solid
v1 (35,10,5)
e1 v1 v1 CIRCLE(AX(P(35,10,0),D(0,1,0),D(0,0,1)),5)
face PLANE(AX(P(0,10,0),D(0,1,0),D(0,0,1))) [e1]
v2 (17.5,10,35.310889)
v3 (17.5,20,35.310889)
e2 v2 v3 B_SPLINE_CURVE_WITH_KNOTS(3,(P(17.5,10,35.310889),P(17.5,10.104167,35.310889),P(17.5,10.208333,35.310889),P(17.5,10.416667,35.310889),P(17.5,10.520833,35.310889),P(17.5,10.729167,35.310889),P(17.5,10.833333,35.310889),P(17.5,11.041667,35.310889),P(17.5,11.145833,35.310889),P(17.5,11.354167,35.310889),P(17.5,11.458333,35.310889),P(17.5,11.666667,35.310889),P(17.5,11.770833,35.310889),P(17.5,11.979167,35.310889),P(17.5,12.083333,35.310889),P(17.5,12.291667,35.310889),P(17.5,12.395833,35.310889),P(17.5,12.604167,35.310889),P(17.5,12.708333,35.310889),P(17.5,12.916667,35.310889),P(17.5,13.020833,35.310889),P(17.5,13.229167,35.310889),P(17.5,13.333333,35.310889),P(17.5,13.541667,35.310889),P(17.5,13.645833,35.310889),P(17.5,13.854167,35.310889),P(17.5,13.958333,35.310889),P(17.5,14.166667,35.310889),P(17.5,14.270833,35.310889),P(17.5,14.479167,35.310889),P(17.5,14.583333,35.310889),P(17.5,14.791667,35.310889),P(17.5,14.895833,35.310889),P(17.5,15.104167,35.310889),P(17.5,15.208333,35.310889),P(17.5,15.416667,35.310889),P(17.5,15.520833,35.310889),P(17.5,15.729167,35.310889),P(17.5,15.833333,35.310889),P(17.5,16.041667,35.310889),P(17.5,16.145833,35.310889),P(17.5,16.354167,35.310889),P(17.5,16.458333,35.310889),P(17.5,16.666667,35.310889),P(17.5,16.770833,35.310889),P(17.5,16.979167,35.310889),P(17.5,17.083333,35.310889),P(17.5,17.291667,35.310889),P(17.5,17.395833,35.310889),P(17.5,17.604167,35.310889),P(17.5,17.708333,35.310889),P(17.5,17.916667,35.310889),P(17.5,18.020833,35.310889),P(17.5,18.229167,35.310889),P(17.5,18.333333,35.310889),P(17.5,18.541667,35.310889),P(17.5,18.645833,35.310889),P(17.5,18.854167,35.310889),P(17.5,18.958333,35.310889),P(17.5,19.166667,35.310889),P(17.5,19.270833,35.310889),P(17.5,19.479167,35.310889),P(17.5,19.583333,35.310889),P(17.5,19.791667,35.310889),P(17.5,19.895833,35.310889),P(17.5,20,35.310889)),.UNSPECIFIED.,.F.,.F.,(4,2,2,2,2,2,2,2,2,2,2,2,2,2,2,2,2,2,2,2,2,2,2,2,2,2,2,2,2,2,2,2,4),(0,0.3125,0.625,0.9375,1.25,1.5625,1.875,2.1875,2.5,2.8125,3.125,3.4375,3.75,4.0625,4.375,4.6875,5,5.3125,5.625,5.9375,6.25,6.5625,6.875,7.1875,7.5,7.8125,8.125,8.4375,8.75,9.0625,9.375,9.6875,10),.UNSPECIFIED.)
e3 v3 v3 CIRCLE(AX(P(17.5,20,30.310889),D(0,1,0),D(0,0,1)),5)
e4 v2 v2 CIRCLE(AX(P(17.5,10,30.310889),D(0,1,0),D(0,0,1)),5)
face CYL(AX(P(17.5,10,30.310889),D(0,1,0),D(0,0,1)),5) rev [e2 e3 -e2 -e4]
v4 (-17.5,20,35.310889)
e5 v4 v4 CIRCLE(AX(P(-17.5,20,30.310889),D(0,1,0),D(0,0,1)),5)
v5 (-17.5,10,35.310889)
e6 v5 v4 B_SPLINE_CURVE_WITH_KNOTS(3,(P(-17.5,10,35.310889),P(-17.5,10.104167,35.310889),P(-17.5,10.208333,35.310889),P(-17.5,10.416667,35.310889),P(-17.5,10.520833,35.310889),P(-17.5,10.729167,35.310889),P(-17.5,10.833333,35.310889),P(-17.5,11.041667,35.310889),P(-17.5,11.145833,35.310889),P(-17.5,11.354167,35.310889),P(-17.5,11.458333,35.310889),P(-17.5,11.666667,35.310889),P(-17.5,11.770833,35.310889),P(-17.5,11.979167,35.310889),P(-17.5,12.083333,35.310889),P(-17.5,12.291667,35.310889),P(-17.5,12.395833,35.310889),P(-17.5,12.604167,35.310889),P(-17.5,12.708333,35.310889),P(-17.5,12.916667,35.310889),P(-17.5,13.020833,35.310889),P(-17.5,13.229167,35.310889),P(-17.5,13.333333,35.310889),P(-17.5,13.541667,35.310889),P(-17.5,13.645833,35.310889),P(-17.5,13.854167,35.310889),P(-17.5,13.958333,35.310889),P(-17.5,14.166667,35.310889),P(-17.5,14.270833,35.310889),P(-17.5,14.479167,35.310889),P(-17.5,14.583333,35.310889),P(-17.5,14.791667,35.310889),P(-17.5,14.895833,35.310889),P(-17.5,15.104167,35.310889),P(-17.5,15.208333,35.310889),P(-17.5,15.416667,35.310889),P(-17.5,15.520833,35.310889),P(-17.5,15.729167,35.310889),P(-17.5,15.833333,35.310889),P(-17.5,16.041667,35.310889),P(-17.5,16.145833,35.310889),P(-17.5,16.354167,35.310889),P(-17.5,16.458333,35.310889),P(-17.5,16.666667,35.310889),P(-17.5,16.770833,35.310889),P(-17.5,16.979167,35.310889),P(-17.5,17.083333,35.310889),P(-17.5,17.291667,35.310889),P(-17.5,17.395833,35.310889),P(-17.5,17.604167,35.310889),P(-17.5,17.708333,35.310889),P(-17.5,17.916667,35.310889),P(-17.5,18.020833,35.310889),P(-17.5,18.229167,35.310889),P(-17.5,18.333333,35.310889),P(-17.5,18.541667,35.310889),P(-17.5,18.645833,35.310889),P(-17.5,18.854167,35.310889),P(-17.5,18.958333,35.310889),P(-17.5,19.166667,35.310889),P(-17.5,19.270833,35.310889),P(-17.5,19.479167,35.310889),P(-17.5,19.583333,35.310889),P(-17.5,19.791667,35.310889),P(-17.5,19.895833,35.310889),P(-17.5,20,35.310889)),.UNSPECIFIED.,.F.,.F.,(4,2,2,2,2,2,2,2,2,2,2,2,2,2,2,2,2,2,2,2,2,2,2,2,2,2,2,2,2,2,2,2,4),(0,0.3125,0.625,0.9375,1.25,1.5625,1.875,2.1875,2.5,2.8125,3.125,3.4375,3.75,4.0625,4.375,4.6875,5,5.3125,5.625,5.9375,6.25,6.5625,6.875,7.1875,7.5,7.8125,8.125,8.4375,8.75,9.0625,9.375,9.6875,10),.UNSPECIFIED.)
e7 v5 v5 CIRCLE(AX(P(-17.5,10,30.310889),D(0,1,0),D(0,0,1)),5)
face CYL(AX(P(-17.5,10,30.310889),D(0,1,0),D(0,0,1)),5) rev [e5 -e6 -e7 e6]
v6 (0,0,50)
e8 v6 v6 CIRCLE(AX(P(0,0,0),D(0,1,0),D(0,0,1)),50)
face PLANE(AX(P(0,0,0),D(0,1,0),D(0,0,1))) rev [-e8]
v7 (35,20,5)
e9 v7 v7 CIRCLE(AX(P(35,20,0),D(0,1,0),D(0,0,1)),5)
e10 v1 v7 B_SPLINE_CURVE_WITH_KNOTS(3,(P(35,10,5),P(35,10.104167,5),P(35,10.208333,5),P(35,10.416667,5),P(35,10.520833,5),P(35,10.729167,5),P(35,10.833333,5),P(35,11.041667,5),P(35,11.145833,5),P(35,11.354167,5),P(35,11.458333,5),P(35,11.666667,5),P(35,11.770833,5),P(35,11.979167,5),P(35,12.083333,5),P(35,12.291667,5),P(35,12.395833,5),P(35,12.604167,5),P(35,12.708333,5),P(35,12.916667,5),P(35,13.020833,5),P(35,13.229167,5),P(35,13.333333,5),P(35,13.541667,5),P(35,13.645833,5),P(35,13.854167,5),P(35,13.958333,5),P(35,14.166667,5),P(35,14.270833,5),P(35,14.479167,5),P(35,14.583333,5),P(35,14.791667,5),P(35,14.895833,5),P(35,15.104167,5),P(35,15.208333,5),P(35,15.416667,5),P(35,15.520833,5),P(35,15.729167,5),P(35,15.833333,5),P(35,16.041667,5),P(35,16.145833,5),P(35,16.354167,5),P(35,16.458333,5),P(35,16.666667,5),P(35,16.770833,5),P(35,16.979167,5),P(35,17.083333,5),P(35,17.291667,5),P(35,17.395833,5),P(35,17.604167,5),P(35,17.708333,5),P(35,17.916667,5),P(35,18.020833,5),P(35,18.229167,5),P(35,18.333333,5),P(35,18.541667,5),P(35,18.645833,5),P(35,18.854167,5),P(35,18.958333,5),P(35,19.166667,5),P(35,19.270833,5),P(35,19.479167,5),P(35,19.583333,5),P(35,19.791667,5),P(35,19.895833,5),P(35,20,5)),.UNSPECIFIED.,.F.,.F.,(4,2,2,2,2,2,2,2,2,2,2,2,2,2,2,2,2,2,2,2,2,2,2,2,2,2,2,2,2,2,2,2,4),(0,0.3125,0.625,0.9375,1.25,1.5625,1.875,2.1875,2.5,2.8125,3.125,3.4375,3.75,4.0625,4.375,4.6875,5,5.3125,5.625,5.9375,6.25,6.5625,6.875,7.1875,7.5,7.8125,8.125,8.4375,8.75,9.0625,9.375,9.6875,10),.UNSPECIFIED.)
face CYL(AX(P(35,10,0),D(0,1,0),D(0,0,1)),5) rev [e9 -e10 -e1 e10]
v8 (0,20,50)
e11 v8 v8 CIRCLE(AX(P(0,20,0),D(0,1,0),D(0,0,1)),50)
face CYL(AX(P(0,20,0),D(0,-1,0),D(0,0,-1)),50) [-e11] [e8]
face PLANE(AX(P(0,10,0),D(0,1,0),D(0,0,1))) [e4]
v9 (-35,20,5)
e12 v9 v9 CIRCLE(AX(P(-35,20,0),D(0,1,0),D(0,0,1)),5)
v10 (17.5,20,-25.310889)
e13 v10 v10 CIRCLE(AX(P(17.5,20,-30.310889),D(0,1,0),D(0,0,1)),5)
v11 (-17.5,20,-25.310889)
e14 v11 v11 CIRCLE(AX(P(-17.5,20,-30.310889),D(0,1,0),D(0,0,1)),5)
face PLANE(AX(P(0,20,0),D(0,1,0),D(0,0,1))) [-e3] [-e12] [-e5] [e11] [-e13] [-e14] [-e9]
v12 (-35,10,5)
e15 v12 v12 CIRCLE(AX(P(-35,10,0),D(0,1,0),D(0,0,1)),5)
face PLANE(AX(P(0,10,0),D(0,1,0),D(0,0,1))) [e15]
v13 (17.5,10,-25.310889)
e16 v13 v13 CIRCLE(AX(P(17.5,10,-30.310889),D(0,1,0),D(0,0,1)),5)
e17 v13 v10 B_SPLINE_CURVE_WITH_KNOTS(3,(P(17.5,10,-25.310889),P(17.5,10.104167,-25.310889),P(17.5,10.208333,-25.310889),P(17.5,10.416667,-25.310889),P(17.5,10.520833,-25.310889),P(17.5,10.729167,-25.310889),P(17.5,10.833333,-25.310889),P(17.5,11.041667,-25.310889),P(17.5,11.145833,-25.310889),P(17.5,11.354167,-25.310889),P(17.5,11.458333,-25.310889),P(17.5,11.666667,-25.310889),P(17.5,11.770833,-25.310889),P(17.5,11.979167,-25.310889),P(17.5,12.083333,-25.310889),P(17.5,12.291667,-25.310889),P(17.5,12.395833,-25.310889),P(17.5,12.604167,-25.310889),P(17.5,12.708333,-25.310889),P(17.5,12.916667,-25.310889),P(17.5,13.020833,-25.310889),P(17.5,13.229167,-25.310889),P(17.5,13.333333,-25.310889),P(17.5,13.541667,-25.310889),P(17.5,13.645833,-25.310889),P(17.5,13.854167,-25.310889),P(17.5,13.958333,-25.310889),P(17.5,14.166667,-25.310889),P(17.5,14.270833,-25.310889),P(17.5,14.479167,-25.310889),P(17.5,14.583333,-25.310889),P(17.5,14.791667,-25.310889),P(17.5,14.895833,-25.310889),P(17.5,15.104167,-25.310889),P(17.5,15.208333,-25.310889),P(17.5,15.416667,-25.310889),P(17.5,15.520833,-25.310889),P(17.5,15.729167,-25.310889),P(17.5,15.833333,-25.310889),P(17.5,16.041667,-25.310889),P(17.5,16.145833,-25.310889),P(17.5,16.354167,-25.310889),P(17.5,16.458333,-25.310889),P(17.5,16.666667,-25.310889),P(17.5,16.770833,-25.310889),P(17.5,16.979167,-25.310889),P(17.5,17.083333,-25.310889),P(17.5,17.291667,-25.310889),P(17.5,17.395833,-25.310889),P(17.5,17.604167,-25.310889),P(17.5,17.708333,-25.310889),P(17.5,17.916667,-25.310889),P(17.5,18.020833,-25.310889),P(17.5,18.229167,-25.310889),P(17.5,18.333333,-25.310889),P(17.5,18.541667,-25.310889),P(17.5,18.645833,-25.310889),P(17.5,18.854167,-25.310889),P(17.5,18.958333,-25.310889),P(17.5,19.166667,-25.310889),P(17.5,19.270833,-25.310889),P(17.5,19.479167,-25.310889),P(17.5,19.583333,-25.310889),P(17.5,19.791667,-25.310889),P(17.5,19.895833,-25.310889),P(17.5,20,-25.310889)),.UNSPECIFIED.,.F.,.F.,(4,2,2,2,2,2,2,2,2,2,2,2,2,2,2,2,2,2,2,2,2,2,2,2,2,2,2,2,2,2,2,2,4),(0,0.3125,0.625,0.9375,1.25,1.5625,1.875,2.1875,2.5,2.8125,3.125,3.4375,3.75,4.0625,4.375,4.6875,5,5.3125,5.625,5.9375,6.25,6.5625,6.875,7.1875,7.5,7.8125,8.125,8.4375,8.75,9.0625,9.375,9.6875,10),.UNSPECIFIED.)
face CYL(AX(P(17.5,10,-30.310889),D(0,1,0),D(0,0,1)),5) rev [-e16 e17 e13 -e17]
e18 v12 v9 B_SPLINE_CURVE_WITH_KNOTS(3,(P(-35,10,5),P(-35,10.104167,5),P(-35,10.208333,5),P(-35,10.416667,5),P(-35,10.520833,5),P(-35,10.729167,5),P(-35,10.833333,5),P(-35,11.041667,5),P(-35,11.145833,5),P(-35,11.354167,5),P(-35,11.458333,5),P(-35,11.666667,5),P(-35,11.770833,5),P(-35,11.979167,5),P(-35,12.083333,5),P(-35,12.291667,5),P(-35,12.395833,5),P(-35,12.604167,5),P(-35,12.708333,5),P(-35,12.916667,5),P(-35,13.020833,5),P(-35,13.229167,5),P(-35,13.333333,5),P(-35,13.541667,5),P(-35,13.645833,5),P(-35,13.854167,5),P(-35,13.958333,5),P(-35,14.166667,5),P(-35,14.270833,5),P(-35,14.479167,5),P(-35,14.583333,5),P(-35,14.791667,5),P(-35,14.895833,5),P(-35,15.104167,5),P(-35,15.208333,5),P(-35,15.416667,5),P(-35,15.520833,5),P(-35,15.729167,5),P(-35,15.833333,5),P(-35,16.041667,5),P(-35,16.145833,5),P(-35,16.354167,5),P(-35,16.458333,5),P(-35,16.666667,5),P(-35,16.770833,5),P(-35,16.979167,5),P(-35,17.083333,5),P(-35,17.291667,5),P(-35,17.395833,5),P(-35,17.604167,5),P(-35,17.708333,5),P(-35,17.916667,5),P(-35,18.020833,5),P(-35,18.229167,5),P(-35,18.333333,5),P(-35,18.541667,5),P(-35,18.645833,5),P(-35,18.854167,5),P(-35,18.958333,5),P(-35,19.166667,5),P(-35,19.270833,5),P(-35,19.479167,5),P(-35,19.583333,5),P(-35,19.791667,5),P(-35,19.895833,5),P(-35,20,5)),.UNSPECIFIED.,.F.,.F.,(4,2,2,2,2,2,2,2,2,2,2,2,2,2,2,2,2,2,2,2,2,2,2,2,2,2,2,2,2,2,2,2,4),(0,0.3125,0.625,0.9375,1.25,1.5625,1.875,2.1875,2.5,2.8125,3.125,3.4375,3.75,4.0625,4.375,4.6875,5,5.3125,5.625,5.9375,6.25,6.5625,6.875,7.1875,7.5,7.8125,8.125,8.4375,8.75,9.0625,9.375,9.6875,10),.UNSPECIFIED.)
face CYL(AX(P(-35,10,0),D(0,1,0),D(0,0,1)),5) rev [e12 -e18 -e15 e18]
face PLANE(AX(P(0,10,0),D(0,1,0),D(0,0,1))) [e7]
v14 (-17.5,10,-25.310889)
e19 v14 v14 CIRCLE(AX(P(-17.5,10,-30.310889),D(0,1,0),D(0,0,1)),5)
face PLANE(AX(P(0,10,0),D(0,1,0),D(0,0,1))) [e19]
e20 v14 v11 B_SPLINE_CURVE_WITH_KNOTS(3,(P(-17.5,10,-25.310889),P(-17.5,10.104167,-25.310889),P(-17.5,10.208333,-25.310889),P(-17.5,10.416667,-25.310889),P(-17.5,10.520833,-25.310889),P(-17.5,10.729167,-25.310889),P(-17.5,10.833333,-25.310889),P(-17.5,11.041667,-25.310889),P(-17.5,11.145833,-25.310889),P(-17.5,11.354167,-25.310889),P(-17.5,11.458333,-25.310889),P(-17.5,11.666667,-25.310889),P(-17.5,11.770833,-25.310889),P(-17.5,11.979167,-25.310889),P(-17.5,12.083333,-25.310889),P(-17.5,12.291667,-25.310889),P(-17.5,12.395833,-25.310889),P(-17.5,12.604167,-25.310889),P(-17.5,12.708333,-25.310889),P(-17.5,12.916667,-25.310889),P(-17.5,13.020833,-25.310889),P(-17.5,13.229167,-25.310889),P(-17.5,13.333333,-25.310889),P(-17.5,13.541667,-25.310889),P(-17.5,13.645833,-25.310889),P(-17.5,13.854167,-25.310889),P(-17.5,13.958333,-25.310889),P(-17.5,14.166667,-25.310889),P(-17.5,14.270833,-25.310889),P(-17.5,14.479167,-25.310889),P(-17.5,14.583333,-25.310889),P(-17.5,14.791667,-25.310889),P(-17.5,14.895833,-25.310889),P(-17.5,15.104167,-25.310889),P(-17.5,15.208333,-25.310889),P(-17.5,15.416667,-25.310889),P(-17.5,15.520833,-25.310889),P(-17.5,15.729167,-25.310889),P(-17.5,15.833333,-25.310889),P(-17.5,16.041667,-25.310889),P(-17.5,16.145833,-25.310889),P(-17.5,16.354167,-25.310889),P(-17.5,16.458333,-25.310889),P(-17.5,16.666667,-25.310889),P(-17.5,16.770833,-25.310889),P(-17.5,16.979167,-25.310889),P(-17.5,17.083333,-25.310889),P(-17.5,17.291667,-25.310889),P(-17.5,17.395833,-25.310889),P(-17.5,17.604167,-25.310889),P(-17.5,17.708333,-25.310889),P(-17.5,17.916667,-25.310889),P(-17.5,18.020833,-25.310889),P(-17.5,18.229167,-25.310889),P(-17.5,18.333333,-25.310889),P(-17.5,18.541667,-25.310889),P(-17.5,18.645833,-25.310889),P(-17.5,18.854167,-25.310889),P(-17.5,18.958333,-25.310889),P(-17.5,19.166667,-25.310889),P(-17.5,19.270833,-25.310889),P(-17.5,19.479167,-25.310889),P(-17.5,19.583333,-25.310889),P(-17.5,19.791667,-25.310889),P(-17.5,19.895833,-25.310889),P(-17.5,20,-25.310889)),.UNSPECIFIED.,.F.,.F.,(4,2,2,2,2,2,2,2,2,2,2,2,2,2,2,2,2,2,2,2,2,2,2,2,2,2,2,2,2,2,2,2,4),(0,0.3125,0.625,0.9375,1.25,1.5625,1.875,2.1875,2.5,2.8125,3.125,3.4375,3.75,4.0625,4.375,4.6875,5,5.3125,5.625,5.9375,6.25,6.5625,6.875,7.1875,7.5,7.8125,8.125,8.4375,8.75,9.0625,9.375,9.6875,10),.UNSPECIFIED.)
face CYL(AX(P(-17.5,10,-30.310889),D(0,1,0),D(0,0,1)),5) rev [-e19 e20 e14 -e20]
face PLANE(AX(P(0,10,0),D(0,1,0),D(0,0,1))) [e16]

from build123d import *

# Parameters (mm, degrees)
SKETCH1_R           = 50
BOSS_EXTRUDE1_DEPTH = 20
SKETCH2_R           = 5
CUT_EXTRUDE2_DEPTH  = 10


with BuildPart() as part:
    # Sketch1 → Boss-Extrude1 (new body)
    with BuildSketch(Plane(origin=(0, 0, 0), x_dir=(1, 0, 0), z_dir=(0, 1, 0))):
        with Locations(Location((0, 0, 0), (0, 0, 270))):
            Circle(SKETCH1_R)
    extrude(amount=BOSS_EXTRUDE1_DEPTH)

    # Sketch2 → Cut-Extrude2 (cut)
    with BuildSketch(Plane(origin=(0, 20, 0), x_dir=(1, 0, 0), z_dir=(0, 1, 0))):
        with Locations(Location((-35, 0, 0), (0, 0, 270))):
            Circle(SKETCH2_R)
        with Locations(Location((-17.5, 30.310889132, 0), (0, 0, 270))):
            Circle(SKETCH2_R)
        with Locations(Location((17.5, 30.310889132, 0), (0, 0, 270))):
            Circle(SKETCH2_R)
        with Locations(Location((35, 0, 0), (0, 0, 270))):
            Circle(SKETCH2_R)
        with Locations(Location((17.5, -30.310889132, 0), (0, 0, 270))):
            Circle(SKETCH2_R)
        with Locations(Location((-17.5, -30.310889132, 0), (0, 0, 270))):
            Circle(SKETCH2_R)
    extrude(amount=-CUT_EXTRUDE2_DEPTH, mode=Mode.SUBTRACT)


solid = part.part
